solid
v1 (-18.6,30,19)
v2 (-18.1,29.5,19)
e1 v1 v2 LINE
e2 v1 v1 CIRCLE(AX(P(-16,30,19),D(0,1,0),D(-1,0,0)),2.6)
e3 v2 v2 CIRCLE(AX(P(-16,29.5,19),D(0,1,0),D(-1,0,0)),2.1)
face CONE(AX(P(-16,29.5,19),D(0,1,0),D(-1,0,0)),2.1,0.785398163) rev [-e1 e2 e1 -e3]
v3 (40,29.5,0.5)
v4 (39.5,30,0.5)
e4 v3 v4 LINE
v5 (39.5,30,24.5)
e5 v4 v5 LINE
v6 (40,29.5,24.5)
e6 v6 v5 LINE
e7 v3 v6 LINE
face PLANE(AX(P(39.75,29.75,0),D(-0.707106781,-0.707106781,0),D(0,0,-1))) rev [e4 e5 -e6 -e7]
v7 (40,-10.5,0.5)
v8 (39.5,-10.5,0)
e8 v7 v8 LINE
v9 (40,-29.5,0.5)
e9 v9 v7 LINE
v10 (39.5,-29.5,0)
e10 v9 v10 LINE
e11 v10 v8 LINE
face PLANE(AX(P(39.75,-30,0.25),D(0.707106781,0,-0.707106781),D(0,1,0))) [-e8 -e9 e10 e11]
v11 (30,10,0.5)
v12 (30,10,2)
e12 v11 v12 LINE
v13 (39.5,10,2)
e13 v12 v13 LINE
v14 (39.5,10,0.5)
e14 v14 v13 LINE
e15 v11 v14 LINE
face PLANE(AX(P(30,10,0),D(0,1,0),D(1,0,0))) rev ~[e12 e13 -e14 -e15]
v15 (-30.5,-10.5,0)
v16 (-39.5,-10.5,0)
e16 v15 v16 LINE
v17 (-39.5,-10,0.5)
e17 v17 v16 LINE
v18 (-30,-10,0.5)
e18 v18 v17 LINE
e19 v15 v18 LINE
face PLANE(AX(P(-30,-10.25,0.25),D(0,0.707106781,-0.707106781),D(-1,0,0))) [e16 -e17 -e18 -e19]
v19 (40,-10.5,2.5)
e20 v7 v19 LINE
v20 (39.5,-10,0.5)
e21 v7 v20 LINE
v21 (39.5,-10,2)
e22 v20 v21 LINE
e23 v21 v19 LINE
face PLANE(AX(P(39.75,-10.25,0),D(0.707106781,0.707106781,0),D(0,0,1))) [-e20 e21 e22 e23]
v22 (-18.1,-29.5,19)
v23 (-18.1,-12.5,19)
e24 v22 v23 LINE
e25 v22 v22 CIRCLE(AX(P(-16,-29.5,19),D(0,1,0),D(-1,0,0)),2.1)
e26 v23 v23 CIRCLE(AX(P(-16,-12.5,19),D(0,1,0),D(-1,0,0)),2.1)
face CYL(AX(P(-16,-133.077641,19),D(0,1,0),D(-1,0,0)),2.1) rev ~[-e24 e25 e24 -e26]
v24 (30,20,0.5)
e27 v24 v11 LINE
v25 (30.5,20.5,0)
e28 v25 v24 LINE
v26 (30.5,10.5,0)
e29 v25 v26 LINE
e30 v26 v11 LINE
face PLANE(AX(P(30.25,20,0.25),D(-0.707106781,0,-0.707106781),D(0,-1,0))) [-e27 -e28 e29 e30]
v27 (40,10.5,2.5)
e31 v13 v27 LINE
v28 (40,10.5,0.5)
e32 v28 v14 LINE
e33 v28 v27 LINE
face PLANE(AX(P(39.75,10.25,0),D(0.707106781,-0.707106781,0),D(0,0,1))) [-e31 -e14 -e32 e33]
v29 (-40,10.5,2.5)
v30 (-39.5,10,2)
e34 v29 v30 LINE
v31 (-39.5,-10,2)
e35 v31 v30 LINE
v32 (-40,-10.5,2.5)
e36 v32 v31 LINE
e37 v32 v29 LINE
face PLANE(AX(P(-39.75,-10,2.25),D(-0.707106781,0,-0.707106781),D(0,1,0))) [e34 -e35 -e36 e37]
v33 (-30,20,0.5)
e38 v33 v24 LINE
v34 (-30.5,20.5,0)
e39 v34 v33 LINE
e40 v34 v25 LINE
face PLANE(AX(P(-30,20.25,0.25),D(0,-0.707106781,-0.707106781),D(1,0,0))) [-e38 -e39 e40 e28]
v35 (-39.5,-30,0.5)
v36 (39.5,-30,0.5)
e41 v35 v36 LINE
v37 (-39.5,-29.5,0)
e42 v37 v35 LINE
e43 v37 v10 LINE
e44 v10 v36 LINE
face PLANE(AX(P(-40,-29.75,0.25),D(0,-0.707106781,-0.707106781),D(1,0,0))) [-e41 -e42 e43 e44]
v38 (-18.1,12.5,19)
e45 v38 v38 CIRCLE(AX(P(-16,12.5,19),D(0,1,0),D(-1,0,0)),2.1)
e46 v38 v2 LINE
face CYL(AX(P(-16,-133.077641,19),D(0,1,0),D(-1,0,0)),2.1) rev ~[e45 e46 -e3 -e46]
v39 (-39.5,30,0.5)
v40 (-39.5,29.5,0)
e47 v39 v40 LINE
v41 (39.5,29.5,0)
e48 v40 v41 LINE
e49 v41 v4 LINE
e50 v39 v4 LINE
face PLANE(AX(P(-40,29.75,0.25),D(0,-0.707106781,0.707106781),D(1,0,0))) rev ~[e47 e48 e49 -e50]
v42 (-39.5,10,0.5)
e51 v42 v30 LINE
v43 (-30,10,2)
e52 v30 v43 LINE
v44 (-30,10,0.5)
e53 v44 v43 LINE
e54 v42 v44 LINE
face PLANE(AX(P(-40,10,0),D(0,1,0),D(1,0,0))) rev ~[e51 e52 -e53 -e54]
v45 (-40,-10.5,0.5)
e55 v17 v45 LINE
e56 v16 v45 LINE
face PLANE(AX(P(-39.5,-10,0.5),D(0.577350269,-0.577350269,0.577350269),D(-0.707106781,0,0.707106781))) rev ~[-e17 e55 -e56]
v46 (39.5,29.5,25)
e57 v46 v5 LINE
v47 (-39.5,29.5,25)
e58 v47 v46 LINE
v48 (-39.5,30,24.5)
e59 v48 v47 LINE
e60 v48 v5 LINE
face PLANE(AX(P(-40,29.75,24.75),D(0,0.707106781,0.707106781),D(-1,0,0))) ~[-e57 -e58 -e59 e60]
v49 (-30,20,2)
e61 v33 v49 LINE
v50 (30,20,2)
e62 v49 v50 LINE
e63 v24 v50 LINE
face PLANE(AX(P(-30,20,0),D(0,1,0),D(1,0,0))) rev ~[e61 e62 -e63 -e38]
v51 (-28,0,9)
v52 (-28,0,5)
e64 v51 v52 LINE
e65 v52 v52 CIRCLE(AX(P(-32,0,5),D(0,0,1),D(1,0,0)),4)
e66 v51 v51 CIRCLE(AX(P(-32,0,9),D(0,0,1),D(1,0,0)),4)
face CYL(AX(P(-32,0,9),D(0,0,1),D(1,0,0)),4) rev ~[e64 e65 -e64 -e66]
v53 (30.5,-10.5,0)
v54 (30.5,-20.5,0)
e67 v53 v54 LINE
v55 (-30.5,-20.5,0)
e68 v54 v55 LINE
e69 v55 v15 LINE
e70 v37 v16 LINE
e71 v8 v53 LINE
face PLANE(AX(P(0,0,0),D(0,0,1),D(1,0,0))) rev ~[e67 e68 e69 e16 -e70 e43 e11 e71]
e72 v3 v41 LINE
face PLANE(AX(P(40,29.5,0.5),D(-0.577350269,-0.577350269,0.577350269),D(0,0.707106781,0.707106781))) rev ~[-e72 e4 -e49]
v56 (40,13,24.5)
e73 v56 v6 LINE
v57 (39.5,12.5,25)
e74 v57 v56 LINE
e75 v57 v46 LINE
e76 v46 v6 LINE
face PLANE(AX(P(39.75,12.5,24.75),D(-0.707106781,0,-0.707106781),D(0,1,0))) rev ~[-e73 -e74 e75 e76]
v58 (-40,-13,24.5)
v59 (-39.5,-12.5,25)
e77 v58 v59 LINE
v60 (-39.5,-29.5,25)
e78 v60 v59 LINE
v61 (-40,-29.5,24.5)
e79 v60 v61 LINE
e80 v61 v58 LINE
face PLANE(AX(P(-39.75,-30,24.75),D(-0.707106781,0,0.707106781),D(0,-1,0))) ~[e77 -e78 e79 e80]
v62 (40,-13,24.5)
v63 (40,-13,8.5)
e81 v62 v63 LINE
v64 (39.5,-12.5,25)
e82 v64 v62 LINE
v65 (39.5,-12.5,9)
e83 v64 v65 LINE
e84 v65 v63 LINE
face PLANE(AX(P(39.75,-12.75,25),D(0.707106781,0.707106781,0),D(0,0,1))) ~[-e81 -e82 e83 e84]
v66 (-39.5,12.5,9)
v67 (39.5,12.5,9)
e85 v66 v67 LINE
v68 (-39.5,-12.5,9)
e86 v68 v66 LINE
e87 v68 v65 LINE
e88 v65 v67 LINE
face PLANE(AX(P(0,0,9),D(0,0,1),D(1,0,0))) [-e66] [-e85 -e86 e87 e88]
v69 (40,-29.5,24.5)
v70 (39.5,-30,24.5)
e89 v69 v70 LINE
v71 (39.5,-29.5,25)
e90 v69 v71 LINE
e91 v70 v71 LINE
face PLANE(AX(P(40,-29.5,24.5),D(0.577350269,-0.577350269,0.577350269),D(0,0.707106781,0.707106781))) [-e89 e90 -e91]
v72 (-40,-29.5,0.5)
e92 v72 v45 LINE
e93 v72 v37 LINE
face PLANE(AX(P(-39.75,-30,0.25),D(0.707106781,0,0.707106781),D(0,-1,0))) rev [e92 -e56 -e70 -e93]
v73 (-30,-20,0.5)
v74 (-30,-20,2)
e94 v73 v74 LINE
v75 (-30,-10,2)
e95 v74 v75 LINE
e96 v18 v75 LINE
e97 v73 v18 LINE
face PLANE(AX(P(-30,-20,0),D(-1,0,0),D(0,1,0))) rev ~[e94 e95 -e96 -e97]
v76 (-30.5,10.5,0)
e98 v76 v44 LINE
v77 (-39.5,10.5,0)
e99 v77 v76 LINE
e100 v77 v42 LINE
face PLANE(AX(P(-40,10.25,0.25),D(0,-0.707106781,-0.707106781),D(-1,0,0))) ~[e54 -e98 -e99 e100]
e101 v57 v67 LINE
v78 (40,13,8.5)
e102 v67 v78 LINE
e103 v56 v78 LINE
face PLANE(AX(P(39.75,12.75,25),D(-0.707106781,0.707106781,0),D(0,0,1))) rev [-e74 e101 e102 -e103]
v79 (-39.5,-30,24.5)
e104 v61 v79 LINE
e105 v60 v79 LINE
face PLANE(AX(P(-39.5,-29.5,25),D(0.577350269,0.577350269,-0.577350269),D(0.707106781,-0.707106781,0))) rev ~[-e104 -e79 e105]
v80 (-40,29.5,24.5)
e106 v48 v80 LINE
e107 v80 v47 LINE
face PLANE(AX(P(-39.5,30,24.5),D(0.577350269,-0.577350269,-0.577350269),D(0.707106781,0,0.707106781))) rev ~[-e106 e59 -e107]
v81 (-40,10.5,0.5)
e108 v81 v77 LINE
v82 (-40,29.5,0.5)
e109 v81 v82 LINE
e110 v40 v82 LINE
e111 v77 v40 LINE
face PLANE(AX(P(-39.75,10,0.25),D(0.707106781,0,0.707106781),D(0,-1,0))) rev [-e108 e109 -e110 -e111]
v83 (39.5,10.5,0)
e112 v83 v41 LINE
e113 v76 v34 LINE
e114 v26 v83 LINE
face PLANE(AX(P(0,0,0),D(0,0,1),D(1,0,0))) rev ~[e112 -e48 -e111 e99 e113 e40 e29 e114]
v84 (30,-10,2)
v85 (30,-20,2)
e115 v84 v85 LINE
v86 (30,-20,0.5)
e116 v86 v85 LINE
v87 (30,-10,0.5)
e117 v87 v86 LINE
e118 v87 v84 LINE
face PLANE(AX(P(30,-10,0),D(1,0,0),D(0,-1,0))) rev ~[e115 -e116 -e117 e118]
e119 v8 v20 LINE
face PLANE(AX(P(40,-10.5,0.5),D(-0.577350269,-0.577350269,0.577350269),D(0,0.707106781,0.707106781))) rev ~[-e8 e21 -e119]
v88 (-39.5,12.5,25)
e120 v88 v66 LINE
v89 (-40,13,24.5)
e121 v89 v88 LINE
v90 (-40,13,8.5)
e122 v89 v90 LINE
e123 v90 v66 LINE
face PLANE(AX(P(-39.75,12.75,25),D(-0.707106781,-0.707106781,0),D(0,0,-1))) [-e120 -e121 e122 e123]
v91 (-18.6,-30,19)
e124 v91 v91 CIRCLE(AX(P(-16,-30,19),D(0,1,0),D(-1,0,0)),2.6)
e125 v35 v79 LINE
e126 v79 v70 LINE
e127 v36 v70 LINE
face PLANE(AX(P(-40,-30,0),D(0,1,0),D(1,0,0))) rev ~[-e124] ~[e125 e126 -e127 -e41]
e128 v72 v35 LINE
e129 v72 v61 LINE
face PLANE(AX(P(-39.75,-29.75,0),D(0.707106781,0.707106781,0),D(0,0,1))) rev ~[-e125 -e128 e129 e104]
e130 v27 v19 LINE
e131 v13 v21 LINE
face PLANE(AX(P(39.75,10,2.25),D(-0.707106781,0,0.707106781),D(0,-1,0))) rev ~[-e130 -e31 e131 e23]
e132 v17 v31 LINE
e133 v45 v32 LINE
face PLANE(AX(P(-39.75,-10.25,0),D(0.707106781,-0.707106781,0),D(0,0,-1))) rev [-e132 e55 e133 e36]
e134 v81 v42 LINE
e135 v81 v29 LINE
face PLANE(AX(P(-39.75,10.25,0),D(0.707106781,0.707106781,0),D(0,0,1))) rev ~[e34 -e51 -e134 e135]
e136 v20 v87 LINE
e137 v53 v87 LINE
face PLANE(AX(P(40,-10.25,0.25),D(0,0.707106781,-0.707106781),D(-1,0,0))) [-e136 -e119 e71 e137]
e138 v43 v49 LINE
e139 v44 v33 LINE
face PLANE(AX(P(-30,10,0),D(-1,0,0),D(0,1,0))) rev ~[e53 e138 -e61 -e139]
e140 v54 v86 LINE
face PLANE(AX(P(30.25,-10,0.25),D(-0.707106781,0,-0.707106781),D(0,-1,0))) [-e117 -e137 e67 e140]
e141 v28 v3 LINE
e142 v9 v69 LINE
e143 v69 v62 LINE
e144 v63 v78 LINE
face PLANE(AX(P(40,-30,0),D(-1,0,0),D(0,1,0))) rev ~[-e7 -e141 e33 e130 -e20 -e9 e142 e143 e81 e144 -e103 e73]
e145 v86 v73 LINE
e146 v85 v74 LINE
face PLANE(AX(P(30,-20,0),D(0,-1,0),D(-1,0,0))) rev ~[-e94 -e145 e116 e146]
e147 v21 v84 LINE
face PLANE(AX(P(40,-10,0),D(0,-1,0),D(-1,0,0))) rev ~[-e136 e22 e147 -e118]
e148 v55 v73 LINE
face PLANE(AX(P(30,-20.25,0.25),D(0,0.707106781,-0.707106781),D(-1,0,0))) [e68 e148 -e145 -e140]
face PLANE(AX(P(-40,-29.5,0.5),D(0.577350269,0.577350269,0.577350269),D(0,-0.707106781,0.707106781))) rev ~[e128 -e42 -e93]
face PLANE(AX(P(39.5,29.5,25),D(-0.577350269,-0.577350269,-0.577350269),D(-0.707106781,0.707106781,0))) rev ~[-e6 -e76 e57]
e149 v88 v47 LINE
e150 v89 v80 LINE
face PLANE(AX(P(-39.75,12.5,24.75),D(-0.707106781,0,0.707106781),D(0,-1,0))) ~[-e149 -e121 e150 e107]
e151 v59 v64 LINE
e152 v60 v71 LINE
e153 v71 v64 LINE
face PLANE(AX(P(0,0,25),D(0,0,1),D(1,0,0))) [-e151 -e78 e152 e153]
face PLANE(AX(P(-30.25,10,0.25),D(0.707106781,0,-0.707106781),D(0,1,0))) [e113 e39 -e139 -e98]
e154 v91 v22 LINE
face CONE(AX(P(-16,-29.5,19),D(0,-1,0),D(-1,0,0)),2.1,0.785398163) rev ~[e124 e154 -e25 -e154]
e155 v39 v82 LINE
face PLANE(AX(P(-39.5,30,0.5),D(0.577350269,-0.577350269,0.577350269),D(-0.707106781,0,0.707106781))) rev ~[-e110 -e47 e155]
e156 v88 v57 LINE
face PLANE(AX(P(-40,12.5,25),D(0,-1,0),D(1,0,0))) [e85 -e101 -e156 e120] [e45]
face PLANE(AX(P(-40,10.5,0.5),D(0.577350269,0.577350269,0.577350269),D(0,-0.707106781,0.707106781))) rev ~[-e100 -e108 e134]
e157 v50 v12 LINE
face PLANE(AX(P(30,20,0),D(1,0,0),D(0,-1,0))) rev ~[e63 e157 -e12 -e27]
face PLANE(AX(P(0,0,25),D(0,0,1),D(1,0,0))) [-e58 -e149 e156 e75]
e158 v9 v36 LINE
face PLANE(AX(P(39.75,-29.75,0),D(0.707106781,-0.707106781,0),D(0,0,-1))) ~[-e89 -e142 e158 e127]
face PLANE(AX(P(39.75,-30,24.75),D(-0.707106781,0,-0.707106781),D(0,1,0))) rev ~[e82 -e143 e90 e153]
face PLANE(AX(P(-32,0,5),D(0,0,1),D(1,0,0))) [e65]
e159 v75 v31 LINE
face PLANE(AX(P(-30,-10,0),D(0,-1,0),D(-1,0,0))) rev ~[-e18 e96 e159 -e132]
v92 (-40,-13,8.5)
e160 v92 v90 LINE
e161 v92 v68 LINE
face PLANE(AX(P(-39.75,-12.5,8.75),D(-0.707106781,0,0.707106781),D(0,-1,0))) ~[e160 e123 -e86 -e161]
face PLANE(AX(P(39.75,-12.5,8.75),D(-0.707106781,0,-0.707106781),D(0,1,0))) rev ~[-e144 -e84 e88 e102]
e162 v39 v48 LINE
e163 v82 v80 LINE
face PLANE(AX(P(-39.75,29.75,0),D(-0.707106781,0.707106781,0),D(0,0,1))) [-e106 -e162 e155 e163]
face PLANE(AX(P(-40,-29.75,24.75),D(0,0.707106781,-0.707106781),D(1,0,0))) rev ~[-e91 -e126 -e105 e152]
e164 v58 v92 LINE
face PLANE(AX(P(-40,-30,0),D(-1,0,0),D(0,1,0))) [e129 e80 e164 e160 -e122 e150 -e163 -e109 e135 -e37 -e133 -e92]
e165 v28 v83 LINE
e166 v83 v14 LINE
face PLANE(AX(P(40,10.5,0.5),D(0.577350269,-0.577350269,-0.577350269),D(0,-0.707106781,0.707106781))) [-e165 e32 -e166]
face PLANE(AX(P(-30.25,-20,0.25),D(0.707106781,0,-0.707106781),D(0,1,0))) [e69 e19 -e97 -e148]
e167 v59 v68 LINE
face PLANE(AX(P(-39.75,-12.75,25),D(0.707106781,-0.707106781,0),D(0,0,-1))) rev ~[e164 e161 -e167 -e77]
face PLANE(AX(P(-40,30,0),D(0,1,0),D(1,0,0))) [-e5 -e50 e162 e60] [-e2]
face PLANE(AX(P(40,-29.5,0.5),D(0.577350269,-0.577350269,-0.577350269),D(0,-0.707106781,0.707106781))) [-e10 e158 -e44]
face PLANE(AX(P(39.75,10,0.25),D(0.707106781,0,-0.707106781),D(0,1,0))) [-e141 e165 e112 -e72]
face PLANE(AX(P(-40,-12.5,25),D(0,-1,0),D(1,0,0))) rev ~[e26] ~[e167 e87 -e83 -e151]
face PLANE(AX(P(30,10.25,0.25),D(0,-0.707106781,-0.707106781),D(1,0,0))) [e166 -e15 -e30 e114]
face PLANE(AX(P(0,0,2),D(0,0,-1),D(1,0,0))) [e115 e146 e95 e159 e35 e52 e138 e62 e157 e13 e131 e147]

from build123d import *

# Parameters (mm, degrees)
F0_W     = 80
F0_H     = 60
F1_DEPTH = 25
F3_DEPTH = 2
F4_W     = 80
F4_H     = 25
F5_DEPTH = 16
F6_R     = 4
F7_DEPTH = 4
F9_D     = 4.2
F10_SIZE = 0.5


with BuildPart() as f1:
    # F0 (on Top) → F1 (new body)
    with BuildSketch(Plane.XY):
        Rectangle(F0_W, F0_H)
    extrude(amount=F1_DEPTH)

    # F2 (on face) → F3 (cut)
    with BuildSketch(Plane(origin=(0, 0, 0), x_dir=(1, 0, 0), z_dir=(0, 0, -1))):
        Polygon((30, 10), (30, 20), (-30, 20), (-30, 10), (-40, 10), (-40, -10), (-30, -10), (-30, -20), (30, -20), (30, -10), (40, -10), (40, 10), align=None)
    extrude(amount=-F3_DEPTH, mode=Mode.SUBTRACT)

    # F4 (on face) → F5 (cut)
    with BuildSketch(Plane.XY.offset(25)):
        Rectangle(F4_W, F4_H)
    extrude(amount=-F5_DEPTH, mode=Mode.SUBTRACT)

    # F6 (on face) → F7 (cut)
    with BuildSketch(Plane.XY.offset(9)):
        with Locations((-32, 0)):
            Circle(F6_R)
    extrude(amount=-F7_DEPTH, mode=Mode.SUBTRACT)

    # F9 (through all)
    with Locations(Plane.XZ.offset(30)):
        with Locations((-16, 19)):
            Hole(F9_D / 2)

    # F10
    f10_edges = [f1.edges().sort_by_distance(p)[0] for p in [
        (35, 10, 0),
        (30, 15, 0),
        (0, 20, 0),
        (-30, 15, 0),
        (-35, 10, 0),
        (-40, 20, 0),
        (0, 30, 0),
        (40, 20, 0),
        (0, -30, 0),
        (-40, -20, 0),
        (-35, -10, 0),
        (-30, -15, 0),
        (0, -20, 0),
        (30, -15, 0),
        (35, -10, 0),
        (40, -20, 0),
        (-40, 10, 1),
        (-40, 0, 2),
        (-40, -10, 1),
        (-40, -30, 12.5),
        (-40, -21.25, 25),
        (-40, -12.5, 17),
        (-40, 0, 9),
        (-40, 12.5, 17),
        (-40, 21.25, 25),
        (-40, 30, 12.5),
        (0, -30, 25),
        (40, -30, 12.5),
        (-18.1, -30, 19),
        (40, -10, 1),
        (40, 0, 2),
        (40, 10, 1),
        (40, 30, 12.5),
        (40, 21.25, 25),
        (40, 12.5, 17),
        (40, 0, 9),
        (40, -12.5, 17),
        (40, -21.25, 25),
        (0, 30, 25),
        (-18.1, 30, 19),
    ]]
    chamfer(f10_edges, length=F10_SIZE)


solid = f1.part
